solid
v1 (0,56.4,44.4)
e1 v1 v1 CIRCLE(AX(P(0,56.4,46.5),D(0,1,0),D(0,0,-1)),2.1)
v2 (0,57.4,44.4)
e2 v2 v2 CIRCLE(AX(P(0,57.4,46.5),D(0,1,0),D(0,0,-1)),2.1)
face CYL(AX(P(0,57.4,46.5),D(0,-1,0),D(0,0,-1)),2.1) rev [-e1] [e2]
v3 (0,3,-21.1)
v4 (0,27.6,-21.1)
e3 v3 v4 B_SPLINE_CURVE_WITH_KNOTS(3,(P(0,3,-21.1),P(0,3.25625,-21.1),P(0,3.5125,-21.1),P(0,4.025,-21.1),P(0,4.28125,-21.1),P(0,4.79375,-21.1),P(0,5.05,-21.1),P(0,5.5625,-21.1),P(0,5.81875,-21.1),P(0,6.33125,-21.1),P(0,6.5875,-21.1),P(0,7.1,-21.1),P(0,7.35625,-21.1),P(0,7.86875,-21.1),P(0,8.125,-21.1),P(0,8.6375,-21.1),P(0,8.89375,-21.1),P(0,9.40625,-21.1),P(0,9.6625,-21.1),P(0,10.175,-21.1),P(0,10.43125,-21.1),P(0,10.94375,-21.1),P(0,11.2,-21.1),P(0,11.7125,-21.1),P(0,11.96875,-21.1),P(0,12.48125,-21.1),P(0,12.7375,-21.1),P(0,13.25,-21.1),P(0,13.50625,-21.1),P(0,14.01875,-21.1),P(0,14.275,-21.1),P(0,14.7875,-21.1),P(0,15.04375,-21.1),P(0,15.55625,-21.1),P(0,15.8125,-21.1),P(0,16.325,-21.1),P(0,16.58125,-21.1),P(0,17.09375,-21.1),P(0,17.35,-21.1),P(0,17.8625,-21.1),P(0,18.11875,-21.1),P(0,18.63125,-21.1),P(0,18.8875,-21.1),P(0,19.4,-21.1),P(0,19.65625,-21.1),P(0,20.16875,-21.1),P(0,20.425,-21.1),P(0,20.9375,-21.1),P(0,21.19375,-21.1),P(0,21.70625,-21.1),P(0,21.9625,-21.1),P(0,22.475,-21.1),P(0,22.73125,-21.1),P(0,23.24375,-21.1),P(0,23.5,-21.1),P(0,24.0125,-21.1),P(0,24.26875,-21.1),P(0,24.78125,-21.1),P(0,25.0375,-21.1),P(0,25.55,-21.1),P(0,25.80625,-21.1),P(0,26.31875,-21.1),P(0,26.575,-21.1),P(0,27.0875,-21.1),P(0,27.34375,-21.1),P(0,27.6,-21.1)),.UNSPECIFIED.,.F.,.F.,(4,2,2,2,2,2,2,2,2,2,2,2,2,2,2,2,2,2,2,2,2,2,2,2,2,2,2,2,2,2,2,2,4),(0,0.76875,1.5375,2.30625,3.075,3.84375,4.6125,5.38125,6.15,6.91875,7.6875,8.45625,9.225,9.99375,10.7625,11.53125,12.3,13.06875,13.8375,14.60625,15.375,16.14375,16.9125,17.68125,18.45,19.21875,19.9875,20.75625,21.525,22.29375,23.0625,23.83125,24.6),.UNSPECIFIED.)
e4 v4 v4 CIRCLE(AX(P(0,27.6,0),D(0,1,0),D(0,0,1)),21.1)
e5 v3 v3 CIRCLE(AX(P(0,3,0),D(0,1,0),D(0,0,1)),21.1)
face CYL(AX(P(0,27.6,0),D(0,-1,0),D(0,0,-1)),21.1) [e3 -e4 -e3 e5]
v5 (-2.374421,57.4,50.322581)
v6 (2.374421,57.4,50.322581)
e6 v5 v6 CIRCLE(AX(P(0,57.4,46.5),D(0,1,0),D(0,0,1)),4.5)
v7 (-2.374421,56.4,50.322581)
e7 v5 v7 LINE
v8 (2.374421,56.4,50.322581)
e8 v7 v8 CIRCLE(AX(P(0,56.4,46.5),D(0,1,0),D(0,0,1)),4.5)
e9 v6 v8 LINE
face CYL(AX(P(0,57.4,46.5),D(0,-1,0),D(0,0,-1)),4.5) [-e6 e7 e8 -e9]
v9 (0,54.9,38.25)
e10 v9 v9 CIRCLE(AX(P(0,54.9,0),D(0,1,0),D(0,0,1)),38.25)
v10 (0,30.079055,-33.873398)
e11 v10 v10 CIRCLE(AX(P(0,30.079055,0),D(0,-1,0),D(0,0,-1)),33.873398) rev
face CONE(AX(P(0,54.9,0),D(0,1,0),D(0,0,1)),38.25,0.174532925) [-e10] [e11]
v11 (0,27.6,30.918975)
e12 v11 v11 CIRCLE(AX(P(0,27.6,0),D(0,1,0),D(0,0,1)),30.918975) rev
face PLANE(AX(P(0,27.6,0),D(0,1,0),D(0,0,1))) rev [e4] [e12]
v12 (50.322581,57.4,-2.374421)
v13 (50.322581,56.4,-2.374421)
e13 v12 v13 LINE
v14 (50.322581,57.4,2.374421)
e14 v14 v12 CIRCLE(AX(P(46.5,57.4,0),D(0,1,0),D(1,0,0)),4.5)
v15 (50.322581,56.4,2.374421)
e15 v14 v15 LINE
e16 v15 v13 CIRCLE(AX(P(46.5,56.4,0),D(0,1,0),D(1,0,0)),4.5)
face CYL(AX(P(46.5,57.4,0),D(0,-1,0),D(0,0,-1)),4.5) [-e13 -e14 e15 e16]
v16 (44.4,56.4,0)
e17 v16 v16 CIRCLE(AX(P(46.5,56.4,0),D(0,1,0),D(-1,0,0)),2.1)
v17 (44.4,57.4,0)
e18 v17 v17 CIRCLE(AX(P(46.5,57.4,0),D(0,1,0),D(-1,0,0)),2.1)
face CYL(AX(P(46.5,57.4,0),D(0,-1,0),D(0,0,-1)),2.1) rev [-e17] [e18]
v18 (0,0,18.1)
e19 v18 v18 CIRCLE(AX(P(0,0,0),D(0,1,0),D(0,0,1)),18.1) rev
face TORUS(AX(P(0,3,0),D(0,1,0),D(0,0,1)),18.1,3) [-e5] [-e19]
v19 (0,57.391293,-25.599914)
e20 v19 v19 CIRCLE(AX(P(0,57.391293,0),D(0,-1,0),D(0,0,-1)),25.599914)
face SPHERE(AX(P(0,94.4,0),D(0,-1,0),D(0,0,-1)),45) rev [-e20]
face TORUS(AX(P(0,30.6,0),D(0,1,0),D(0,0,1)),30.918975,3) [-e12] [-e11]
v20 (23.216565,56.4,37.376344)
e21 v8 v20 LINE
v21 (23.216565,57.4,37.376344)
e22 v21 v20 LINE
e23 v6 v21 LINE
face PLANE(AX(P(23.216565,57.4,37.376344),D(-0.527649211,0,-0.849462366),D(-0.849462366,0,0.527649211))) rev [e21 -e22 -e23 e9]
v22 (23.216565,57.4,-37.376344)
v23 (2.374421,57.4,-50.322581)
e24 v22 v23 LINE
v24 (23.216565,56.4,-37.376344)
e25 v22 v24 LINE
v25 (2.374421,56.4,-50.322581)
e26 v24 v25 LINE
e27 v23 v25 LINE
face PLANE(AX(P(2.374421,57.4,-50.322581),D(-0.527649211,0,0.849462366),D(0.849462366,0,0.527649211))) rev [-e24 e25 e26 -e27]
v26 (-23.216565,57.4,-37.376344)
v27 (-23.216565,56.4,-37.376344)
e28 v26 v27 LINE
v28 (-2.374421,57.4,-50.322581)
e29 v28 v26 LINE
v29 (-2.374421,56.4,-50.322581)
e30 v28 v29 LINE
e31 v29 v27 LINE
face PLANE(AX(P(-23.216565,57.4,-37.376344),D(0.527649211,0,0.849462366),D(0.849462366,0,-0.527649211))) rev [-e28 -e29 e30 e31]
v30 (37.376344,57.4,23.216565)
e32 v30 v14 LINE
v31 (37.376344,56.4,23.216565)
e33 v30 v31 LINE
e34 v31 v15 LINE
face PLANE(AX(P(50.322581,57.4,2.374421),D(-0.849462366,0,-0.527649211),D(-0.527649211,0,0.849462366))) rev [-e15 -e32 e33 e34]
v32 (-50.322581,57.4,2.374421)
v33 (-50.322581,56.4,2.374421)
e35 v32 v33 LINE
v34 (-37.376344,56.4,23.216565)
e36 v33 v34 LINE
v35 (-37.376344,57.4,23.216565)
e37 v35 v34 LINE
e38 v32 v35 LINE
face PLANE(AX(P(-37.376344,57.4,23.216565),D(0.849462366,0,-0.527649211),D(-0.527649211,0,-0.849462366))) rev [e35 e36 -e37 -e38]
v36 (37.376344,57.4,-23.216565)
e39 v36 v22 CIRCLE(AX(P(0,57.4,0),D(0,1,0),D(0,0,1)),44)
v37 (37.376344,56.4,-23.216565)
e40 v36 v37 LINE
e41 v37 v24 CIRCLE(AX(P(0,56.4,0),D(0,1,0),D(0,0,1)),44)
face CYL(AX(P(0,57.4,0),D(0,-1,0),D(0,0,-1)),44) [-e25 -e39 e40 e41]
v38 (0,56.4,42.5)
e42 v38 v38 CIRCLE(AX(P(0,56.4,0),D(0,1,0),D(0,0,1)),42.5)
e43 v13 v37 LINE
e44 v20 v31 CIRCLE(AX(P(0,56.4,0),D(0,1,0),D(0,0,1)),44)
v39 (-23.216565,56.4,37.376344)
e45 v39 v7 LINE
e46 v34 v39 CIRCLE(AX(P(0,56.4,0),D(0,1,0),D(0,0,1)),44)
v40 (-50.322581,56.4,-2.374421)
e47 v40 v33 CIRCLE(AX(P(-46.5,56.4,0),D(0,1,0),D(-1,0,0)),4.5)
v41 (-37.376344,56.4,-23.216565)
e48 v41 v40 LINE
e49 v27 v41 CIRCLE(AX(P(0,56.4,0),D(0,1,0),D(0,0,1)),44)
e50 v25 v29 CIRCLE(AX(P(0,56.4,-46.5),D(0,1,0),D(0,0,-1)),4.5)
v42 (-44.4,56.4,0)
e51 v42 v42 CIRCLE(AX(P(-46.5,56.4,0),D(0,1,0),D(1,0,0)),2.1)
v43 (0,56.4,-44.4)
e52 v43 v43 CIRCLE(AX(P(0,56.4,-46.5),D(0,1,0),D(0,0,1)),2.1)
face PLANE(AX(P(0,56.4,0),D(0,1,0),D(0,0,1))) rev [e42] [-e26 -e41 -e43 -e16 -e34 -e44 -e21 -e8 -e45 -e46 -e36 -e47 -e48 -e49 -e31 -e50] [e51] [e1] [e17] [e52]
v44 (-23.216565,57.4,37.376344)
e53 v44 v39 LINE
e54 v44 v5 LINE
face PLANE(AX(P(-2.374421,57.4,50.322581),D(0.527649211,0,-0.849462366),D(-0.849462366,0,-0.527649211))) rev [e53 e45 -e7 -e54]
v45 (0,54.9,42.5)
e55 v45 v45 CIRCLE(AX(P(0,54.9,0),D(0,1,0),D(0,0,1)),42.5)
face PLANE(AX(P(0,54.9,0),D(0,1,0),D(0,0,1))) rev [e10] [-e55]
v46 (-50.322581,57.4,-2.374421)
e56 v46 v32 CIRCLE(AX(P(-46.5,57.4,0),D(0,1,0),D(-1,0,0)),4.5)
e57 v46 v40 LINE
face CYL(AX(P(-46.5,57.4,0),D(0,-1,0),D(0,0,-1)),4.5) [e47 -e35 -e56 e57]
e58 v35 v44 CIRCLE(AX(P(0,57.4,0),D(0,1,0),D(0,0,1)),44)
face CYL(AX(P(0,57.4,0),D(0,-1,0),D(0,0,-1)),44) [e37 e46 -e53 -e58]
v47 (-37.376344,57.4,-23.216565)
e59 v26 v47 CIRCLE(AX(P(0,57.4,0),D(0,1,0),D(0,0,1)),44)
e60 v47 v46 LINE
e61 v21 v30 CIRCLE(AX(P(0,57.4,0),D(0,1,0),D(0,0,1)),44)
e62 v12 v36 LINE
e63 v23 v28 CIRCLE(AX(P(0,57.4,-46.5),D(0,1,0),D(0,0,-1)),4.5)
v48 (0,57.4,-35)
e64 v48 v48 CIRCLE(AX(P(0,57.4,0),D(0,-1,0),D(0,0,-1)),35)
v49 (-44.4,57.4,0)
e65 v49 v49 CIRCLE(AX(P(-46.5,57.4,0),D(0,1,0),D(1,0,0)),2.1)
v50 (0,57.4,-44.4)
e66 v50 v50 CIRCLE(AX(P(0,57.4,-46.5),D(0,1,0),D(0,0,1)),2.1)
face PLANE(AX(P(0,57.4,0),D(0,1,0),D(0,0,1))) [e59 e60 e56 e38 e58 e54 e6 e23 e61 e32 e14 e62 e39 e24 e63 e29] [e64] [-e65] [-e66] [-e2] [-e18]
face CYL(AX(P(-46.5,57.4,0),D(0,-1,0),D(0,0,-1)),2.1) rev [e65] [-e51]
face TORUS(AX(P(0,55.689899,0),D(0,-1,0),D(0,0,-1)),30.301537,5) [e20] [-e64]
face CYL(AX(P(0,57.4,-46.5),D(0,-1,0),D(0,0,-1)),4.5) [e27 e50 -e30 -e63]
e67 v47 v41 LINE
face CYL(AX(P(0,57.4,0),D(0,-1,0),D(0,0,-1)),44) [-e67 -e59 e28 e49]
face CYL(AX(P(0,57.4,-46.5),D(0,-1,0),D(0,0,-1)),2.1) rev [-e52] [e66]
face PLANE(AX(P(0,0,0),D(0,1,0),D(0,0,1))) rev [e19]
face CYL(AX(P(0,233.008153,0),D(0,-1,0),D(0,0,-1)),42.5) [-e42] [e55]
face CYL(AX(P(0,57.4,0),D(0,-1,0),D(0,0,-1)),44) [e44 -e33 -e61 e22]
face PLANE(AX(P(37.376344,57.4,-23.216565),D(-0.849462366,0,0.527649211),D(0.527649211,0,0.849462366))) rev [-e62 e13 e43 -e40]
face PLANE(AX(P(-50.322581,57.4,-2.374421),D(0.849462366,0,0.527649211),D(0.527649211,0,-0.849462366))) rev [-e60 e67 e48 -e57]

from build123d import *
from build123d.topology import SkipClean

# Parameters (mm, degrees)
SKETCH1_R           = 21.1
BOSS_EXTRUDE1_DEPTH = 27.6
SKETCH2_R           = 38.25
BOSS_EXTRUDE2_DEPTH = 27.3
SKETCH3_R           = 42.5
BOSS_EXTRUDE3_DEPTH = 1.5
SKETCH4_R           = 2.1
BOSS_EXTRUDE4_DEPTH = 1
CIRPATTERN1_COUNT   = 4
DRAFT1_ANGLE        = 10
FILLET1_R           = 3
FILLET2_R           = 3


with BuildPart() as part:
    # Sketch1 → Boss-Extrude1 (new body)
    with BuildSketch(Plane(origin=(0, 0, 0), x_dir=(1, 0, 0), z_dir=(0, 1, 0))):
        with Locations(Location((0, 0, 0), (0, 0, 90))):
            Circle(SKETCH1_R)
    extrude(amount=BOSS_EXTRUDE1_DEPTH)

    # Sketch2 → Boss-Extrude2 (add)
    with BuildSketch(Plane(origin=(0, 27.6, 0), x_dir=(1, 0, 0), z_dir=(0, 1, 0))):
        with Locations(Location((0, 0, 0), (0, 0, 270))):
            Circle(SKETCH2_R)
    extrude(amount=BOSS_EXTRUDE2_DEPTH)

    # Sketch3 → Boss-Extrude3 (add)
    with BuildSketch(Plane(origin=(0, 54.9, 0), x_dir=(1, 0, 0), z_dir=(0, 1, 0))):
        with Locations(Location((0, 0, 0), (0, 0, 270))):
            Circle(SKETCH3_R)
    extrude(amount=BOSS_EXTRUDE3_DEPTH)

    # Sketch4 → Boss-Extrude4 (add)
    with BuildSketch(Plane(origin=(0, 56.4, 0), x_dir=(1, 0, 0), z_dir=(0, 1, 0))):
        with BuildLine():
            Line((-23.216565266, 37.376344086), (-2.374421448, 50.322580645))
            ThreePointArc((-2.374421448, 50.322580645), (0, 51), (2.374421448, 50.322580645))
            Line((2.374421448, 50.322580645), (23.216565266, 37.376344086))
            ThreePointArc((23.216565266, 37.376344086), (0, -44), (-23.216565266, 37.376344086))
        make_face()
        with Locations(Location((0, 46.5, 0), (0, 0, 270))):
            Circle(SKETCH4_R, mode=Mode.SUBTRACT)
    boss_extrude4 = extrude(amount=BOSS_EXTRUDE4_DEPTH)

    # CirPattern1: Boss-Extrude4 ×4 about axis
    cirpattern1_axis = Axis((0, 0, 0), (0, 1, 0))
    for i in range(1, CIRPATTERN1_COUNT):
        add(boss_extrude4.rotate(cirpattern1_axis, i * 360 / CIRPATTERN1_COUNT))

    # Draft1
    draft1_faces = [part.faces().sort_by_distance(p)[0] for p in [
        (0, 41.25, -38.25),
    ]]
    draft(draft1_faces, Plane(origin=(0, 54.9, 0), x_dir=(0, 0, -1), z_dir=(0, -1, 0)), DRAFT1_ANGLE)

    # Fillet1
    fillet1_edges = [part.edges().sort_by_distance(p)[0] for p in [
        (0, 0, 21.1),
    ]]
    fillet(fillet1_edges, radius=FILLET1_R)

    # Fillet2
    fillet2_edges = [part.edges().sort_by_distance(p)[0] for p in [
        (0, 27.6, -33.436273427),
    ]]
    fillet(fillet2_edges, radius=FILLET2_R)

    # Sketch6 → Cut-Revolve1 (revolve, cut)
    with BuildSketch(Plane(origin=(0, 0, 0), x_dir=(0, 0, -1), z_dir=(1, 0, 0))):
        with BuildLine():
            ThreePointArc((25.599913717, 57.391292677), (25.601491738, 57.395647071), (25.603073792, 57.4))
            Line((25.603073792, 57.4), (23.216565266, 57.4))
            Line((23.216565266, 57.4), (2.374421448, 57.4))
            Line((2.374421448, 57.4), (0, 57.4))
            Line((0, 57.4), (0, 49.4))
            ThreePointArc((0, 49.4), (13.409104565, 51.444256324), (25.599913717, 57.391292677))
        make_face()
    revolve(axis=Axis((0, 49.4, 0), (0, 1, 0)), mode=Mode.SUBTRACT)

    # Sketch6<4> → Revolve1 (revolve)
    with SkipClean():  # the faces are left unmerged after this step: merging them gives an invalid solid
        with BuildSketch(Plane(origin=(0, 0, 0), x_dir=(0, 0, -1), z_dir=(1, 0, 0))):
            with BuildLine():
                Line((25.603073792, 57.4), (35, 57.4))
                ThreePointArc((35, 57.4), (30.301536896, 60.689899283), (25.603073792, 57.4))
            make_face()
        revolve(axis=Axis((0, 49.4, 0), (0, 1, 0)))


solid = part.part
